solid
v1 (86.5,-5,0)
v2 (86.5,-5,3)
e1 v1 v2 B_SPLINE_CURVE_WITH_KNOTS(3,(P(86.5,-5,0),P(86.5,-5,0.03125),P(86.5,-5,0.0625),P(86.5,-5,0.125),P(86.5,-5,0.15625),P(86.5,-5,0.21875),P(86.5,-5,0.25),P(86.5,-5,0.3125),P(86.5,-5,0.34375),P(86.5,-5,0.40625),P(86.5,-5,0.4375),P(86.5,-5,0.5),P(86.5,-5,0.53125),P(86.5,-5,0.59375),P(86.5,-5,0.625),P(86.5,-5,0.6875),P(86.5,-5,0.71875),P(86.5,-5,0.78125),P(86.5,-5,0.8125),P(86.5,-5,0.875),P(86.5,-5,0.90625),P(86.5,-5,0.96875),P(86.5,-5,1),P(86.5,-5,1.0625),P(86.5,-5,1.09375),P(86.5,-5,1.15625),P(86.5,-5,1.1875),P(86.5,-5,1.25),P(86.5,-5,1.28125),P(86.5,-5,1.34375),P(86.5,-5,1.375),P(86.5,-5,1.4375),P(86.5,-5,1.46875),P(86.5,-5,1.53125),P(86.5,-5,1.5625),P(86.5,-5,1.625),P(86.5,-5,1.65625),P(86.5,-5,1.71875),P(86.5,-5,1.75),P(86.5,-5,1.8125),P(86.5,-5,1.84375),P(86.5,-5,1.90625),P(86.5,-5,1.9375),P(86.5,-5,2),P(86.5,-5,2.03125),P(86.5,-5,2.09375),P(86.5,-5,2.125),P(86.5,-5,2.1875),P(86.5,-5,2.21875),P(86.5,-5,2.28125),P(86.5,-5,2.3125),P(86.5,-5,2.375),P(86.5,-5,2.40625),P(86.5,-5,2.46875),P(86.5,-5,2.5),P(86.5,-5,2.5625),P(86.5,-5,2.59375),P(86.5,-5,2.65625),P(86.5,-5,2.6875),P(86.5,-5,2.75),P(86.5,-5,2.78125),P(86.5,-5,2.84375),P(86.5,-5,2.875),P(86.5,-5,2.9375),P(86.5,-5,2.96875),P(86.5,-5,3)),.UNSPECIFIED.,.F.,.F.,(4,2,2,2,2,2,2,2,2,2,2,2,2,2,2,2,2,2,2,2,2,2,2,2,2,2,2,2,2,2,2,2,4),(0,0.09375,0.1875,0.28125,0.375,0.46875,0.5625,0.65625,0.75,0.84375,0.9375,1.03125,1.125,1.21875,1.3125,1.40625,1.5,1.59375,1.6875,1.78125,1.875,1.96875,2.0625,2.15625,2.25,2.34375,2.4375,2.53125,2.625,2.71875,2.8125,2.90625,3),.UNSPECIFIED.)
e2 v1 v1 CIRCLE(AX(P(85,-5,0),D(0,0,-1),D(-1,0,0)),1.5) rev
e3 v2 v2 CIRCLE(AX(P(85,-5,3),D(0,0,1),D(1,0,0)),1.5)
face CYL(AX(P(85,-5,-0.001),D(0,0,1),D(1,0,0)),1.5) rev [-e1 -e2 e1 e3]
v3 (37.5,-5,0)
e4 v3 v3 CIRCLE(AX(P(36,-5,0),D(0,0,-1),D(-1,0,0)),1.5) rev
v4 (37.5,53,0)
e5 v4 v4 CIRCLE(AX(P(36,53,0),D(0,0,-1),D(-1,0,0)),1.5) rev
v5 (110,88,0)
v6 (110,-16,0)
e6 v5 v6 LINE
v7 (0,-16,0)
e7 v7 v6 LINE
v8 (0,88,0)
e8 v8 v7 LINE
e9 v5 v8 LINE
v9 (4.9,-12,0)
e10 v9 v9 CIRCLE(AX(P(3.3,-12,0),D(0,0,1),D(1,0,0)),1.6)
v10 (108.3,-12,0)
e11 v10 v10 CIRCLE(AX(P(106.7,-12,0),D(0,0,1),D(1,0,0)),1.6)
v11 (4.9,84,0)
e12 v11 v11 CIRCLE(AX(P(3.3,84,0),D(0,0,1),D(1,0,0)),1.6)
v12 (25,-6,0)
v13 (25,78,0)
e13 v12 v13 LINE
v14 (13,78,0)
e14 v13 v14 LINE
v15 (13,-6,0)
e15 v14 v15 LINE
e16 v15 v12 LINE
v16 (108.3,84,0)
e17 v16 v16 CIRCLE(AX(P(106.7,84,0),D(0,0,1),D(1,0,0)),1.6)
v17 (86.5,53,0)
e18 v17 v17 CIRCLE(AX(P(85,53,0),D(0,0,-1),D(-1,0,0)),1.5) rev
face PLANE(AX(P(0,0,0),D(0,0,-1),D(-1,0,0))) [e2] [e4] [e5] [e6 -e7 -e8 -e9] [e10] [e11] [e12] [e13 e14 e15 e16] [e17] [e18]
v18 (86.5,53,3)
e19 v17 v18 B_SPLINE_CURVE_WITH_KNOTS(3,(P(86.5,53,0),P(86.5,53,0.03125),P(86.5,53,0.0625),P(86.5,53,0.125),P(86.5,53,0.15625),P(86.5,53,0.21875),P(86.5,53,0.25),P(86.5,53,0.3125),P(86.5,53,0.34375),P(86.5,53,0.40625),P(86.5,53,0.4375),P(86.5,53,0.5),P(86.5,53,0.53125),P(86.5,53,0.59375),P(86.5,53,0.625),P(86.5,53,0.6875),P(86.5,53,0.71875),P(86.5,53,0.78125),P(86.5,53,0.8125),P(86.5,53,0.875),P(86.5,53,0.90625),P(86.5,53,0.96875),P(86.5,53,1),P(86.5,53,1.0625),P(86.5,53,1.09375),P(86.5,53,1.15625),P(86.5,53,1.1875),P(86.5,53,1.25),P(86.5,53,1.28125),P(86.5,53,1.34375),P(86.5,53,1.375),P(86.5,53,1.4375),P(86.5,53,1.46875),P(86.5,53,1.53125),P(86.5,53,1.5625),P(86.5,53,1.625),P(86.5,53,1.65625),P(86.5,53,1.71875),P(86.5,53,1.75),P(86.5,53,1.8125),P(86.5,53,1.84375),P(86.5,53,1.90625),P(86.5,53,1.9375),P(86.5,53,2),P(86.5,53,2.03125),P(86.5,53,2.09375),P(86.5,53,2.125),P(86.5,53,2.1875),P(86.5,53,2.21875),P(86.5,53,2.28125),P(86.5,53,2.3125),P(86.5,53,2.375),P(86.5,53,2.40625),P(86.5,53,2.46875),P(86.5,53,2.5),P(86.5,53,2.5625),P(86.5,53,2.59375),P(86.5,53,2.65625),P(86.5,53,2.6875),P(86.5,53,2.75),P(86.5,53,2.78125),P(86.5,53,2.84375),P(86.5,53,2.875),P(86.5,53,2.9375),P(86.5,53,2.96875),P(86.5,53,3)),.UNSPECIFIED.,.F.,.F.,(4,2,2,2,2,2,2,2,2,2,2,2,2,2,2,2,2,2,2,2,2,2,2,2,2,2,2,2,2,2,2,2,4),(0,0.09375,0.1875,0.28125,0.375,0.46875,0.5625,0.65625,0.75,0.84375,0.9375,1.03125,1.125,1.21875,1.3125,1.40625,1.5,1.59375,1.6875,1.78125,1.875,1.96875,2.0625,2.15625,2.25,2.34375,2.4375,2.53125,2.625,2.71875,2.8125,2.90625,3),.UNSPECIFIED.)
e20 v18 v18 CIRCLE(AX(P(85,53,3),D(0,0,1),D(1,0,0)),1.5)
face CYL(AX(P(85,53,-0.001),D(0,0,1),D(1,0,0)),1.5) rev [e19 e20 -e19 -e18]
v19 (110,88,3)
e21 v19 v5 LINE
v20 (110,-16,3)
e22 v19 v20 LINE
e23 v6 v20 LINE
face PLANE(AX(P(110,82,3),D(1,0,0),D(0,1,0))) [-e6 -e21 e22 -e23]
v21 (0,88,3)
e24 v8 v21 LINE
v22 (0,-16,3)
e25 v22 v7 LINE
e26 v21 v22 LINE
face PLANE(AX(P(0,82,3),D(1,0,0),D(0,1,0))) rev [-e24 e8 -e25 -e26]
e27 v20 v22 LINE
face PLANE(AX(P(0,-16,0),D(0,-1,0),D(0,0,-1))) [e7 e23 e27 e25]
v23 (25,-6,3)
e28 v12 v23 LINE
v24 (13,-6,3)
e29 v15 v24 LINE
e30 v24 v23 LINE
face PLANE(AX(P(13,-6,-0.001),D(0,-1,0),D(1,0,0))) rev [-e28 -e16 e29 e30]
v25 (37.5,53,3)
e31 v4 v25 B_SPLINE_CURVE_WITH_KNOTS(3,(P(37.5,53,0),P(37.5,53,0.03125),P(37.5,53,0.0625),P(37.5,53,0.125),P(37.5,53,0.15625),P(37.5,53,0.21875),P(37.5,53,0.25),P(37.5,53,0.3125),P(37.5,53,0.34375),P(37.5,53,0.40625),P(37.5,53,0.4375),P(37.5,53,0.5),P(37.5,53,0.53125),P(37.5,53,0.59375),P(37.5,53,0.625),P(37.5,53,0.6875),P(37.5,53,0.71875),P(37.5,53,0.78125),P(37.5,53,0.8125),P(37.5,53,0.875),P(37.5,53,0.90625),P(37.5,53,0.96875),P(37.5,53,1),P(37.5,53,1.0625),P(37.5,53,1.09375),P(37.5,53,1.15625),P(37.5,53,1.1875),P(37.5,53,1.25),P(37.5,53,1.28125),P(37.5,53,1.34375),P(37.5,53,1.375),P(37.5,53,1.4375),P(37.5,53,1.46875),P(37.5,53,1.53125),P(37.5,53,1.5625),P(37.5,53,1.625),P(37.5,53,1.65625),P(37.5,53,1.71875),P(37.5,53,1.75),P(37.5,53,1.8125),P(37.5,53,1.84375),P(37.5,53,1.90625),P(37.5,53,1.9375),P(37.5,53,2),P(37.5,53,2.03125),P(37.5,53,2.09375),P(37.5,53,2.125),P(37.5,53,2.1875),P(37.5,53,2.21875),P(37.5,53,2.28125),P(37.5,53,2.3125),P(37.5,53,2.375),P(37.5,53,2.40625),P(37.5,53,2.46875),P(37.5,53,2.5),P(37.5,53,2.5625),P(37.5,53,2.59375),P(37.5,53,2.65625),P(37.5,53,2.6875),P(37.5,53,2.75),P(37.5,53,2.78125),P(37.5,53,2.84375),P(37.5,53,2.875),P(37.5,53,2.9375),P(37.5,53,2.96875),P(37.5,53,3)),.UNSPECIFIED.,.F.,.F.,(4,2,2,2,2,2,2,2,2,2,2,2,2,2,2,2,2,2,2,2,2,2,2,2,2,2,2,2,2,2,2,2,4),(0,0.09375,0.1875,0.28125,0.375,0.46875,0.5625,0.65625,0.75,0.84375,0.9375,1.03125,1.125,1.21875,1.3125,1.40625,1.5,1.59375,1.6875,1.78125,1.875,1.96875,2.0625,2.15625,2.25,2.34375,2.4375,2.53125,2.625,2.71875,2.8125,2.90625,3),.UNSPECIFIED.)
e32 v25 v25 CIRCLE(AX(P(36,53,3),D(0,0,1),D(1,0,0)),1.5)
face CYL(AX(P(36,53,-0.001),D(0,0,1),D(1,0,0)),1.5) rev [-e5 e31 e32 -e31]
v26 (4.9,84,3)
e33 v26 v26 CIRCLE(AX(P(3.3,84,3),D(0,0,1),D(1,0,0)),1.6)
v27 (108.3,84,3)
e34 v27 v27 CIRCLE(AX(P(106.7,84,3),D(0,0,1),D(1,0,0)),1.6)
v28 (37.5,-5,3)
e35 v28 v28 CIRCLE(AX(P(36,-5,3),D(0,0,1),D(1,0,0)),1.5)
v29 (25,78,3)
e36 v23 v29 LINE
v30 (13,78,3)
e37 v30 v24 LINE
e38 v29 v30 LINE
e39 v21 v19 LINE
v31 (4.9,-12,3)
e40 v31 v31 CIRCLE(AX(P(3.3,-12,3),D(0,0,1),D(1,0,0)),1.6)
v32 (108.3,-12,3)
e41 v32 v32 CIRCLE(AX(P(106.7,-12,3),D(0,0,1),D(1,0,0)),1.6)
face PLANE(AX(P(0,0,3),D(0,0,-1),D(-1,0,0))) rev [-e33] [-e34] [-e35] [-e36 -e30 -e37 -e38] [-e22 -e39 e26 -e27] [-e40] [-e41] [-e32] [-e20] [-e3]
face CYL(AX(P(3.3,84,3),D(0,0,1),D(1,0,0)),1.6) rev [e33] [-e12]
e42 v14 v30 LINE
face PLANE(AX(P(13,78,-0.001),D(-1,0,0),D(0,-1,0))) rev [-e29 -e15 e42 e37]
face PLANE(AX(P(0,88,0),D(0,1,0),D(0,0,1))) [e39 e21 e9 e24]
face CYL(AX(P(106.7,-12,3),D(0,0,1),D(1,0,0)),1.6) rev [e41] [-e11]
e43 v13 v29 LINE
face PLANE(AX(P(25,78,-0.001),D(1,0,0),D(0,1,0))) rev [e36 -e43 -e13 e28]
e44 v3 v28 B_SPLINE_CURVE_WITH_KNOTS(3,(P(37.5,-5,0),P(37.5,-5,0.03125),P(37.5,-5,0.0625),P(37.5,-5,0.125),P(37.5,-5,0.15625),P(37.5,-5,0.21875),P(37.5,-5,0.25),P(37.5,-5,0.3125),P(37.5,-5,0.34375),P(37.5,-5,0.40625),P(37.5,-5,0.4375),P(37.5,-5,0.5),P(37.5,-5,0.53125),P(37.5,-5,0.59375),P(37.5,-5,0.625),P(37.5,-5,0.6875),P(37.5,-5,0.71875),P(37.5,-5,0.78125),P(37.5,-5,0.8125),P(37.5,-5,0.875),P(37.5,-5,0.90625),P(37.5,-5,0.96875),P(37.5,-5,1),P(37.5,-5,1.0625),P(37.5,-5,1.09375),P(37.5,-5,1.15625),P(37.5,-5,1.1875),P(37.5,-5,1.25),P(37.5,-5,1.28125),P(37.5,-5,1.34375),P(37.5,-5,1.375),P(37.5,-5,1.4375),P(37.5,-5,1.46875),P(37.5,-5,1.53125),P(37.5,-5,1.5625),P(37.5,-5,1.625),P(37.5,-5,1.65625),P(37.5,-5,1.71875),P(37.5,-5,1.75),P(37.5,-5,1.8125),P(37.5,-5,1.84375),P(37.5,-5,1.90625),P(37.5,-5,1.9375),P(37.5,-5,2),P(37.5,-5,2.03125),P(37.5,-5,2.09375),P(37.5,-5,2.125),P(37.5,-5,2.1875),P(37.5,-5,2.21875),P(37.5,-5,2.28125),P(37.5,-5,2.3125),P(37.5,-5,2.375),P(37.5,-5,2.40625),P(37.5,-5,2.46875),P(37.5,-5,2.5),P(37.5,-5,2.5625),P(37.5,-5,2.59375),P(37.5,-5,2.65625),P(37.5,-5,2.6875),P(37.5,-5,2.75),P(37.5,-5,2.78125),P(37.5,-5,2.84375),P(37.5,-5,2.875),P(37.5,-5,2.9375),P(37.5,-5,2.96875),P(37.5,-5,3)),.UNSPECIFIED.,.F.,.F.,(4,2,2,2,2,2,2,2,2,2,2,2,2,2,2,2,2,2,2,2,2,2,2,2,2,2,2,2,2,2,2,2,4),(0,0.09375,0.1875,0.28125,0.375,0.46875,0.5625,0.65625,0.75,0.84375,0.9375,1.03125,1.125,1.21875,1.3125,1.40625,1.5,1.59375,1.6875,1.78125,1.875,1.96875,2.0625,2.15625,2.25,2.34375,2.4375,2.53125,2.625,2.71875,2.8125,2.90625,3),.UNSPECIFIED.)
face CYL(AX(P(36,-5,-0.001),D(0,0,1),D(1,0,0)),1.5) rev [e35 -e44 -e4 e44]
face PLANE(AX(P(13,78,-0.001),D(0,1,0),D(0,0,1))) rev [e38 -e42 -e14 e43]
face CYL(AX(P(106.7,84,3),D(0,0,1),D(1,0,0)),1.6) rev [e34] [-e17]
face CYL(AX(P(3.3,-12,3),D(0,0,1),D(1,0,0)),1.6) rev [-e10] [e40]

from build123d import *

# Parameters (mm, degrees)
CROQUIS1_W                   = 110
CROQUIS1_H                   = 92
SALIENTE_EXTRUIR1_DEPTH      = 3
CROQUIS7_W                   = 110
CROQUIS7_H                   = 3
SALIENTE_EXTRUIR2_DEPTH      = 6
CROQUIS8_W                   = 110
CROQUIS8_H                   = 3
SALIENTE_EXTRUIR3_DEPTH      = 6
TALADRO_DE_MARGEN_PARA_M31_D = 3.2
CORTAR_EXTRUIR2_REACH        = 142.901
CROQUIS13_R                  = 1.5
CORTAR_EXTRUIR3_REACH        = 142.901
CROQUIS14_W                  = 12
CROQUIS14_H                  = 84


with BuildPart() as part:
    # Croquis1 → Saliente-Extruir1 (new body)
    with BuildSketch(Plane.XY):
        with Locations((55, 36)):
            Rectangle(CROQUIS1_W, CROQUIS1_H)
    extrude(amount=SALIENTE_EXTRUIR1_DEPTH)

    # Croquis7 → Saliente-Extruir2 (add)
    with BuildSketch(Plane(origin=(0, 82, 0), x_dir=(1, 0, 0), z_dir=(0, 1, 0))):
        with Locations((55, -1.5)):
            Rectangle(CROQUIS7_W, CROQUIS7_H)
    extrude(amount=SALIENTE_EXTRUIR2_DEPTH)

    # Croquis8 → Saliente-Extruir3 (add)
    with BuildSketch(Plane.XZ.offset(10)):
        with Locations((55, 1.5)):
            Rectangle(CROQUIS8_W, CROQUIS8_H)
    extrude(amount=SALIENTE_EXTRUIR3_DEPTH)

    # Taladro de margen para M31 (through all)
    with Locations(Plane(origin=(3.3, 84, 3), x_dir=(1, 0, 0), z_dir=(0, 0, 1))):
        with Locations((0, 0), (0, -96), (103.4, -96), (103.4, 0)):
            Hole(TALADRO_DE_MARGEN_PARA_M31_D / 2)

    # Croquis13 → Cortar-Extruir2 (cut, up to next)
    with BuildSketch(Plane.XY.offset(3), mode=Mode.PRIVATE) as cortar_extruir2_sk1:
        with Locations((36, 53)):
            Circle(CROQUIS13_R)
    cortar_extruir2_tool1 = extrude(cortar_extruir2_sk1.sketch, amount=-CORTAR_EXTRUIR2_REACH, mode=Mode.PRIVATE) & part.part
    # Croquis13 → Cortar-Extruir2 (cut, up to next)
    with BuildSketch(Plane.XY.offset(3), mode=Mode.PRIVATE) as cortar_extruir2_sk2:
        with Locations((85, 53)):
            Circle(CROQUIS13_R)
    cortar_extruir2_tool2 = extrude(cortar_extruir2_sk2.sketch, amount=-CORTAR_EXTRUIR2_REACH, mode=Mode.PRIVATE) & part.part
    # Croquis13 → Cortar-Extruir2 (cut, up to next)
    with BuildSketch(Plane.XY.offset(3), mode=Mode.PRIVATE) as cortar_extruir2_sk3:
        with Locations((36, -5)):
            Circle(CROQUIS13_R)
    cortar_extruir2_tool3 = extrude(cortar_extruir2_sk3.sketch, amount=-CORTAR_EXTRUIR2_REACH, mode=Mode.PRIVATE) & part.part
    # Croquis13 → Cortar-Extruir2 (cut, up to next)
    with BuildSketch(Plane.XY.offset(3), mode=Mode.PRIVATE) as cortar_extruir2_sk4:
        with Locations((85, -5)):
            Circle(CROQUIS13_R)
    cortar_extruir2_tool4 = extrude(cortar_extruir2_sk4.sketch, amount=-CORTAR_EXTRUIR2_REACH, mode=Mode.PRIVATE) & part.part
    add(cortar_extruir2_tool1.solids().sort_by_distance((36, 53, 3))[0], mode=Mode.SUBTRACT)
    add(cortar_extruir2_tool2.solids().sort_by_distance((85, 53, 3))[0], mode=Mode.SUBTRACT)
    add(cortar_extruir2_tool3.solids().sort_by_distance((36, -5, 3))[0], mode=Mode.SUBTRACT)
    add(cortar_extruir2_tool4.solids().sort_by_distance((85, -5, 3))[0], mode=Mode.SUBTRACT)

    # Croquis14 → Cortar-Extruir3 (cut, up to next)
    with BuildSketch(Plane.XY.offset(3), mode=Mode.PRIVATE) as cortar_extruir3_sk1:
        with Locations((19, 36)):
            Rectangle(CROQUIS14_W, CROQUIS14_H)
    cortar_extruir3_tool1 = extrude(cortar_extruir3_sk1.sketch, amount=-CORTAR_EXTRUIR3_REACH, mode=Mode.PRIVATE) & part.part
    add(cortar_extruir3_tool1.solids().sort_by_distance((19, 36, 3))[0], mode=Mode.SUBTRACT)


solid = part.part
